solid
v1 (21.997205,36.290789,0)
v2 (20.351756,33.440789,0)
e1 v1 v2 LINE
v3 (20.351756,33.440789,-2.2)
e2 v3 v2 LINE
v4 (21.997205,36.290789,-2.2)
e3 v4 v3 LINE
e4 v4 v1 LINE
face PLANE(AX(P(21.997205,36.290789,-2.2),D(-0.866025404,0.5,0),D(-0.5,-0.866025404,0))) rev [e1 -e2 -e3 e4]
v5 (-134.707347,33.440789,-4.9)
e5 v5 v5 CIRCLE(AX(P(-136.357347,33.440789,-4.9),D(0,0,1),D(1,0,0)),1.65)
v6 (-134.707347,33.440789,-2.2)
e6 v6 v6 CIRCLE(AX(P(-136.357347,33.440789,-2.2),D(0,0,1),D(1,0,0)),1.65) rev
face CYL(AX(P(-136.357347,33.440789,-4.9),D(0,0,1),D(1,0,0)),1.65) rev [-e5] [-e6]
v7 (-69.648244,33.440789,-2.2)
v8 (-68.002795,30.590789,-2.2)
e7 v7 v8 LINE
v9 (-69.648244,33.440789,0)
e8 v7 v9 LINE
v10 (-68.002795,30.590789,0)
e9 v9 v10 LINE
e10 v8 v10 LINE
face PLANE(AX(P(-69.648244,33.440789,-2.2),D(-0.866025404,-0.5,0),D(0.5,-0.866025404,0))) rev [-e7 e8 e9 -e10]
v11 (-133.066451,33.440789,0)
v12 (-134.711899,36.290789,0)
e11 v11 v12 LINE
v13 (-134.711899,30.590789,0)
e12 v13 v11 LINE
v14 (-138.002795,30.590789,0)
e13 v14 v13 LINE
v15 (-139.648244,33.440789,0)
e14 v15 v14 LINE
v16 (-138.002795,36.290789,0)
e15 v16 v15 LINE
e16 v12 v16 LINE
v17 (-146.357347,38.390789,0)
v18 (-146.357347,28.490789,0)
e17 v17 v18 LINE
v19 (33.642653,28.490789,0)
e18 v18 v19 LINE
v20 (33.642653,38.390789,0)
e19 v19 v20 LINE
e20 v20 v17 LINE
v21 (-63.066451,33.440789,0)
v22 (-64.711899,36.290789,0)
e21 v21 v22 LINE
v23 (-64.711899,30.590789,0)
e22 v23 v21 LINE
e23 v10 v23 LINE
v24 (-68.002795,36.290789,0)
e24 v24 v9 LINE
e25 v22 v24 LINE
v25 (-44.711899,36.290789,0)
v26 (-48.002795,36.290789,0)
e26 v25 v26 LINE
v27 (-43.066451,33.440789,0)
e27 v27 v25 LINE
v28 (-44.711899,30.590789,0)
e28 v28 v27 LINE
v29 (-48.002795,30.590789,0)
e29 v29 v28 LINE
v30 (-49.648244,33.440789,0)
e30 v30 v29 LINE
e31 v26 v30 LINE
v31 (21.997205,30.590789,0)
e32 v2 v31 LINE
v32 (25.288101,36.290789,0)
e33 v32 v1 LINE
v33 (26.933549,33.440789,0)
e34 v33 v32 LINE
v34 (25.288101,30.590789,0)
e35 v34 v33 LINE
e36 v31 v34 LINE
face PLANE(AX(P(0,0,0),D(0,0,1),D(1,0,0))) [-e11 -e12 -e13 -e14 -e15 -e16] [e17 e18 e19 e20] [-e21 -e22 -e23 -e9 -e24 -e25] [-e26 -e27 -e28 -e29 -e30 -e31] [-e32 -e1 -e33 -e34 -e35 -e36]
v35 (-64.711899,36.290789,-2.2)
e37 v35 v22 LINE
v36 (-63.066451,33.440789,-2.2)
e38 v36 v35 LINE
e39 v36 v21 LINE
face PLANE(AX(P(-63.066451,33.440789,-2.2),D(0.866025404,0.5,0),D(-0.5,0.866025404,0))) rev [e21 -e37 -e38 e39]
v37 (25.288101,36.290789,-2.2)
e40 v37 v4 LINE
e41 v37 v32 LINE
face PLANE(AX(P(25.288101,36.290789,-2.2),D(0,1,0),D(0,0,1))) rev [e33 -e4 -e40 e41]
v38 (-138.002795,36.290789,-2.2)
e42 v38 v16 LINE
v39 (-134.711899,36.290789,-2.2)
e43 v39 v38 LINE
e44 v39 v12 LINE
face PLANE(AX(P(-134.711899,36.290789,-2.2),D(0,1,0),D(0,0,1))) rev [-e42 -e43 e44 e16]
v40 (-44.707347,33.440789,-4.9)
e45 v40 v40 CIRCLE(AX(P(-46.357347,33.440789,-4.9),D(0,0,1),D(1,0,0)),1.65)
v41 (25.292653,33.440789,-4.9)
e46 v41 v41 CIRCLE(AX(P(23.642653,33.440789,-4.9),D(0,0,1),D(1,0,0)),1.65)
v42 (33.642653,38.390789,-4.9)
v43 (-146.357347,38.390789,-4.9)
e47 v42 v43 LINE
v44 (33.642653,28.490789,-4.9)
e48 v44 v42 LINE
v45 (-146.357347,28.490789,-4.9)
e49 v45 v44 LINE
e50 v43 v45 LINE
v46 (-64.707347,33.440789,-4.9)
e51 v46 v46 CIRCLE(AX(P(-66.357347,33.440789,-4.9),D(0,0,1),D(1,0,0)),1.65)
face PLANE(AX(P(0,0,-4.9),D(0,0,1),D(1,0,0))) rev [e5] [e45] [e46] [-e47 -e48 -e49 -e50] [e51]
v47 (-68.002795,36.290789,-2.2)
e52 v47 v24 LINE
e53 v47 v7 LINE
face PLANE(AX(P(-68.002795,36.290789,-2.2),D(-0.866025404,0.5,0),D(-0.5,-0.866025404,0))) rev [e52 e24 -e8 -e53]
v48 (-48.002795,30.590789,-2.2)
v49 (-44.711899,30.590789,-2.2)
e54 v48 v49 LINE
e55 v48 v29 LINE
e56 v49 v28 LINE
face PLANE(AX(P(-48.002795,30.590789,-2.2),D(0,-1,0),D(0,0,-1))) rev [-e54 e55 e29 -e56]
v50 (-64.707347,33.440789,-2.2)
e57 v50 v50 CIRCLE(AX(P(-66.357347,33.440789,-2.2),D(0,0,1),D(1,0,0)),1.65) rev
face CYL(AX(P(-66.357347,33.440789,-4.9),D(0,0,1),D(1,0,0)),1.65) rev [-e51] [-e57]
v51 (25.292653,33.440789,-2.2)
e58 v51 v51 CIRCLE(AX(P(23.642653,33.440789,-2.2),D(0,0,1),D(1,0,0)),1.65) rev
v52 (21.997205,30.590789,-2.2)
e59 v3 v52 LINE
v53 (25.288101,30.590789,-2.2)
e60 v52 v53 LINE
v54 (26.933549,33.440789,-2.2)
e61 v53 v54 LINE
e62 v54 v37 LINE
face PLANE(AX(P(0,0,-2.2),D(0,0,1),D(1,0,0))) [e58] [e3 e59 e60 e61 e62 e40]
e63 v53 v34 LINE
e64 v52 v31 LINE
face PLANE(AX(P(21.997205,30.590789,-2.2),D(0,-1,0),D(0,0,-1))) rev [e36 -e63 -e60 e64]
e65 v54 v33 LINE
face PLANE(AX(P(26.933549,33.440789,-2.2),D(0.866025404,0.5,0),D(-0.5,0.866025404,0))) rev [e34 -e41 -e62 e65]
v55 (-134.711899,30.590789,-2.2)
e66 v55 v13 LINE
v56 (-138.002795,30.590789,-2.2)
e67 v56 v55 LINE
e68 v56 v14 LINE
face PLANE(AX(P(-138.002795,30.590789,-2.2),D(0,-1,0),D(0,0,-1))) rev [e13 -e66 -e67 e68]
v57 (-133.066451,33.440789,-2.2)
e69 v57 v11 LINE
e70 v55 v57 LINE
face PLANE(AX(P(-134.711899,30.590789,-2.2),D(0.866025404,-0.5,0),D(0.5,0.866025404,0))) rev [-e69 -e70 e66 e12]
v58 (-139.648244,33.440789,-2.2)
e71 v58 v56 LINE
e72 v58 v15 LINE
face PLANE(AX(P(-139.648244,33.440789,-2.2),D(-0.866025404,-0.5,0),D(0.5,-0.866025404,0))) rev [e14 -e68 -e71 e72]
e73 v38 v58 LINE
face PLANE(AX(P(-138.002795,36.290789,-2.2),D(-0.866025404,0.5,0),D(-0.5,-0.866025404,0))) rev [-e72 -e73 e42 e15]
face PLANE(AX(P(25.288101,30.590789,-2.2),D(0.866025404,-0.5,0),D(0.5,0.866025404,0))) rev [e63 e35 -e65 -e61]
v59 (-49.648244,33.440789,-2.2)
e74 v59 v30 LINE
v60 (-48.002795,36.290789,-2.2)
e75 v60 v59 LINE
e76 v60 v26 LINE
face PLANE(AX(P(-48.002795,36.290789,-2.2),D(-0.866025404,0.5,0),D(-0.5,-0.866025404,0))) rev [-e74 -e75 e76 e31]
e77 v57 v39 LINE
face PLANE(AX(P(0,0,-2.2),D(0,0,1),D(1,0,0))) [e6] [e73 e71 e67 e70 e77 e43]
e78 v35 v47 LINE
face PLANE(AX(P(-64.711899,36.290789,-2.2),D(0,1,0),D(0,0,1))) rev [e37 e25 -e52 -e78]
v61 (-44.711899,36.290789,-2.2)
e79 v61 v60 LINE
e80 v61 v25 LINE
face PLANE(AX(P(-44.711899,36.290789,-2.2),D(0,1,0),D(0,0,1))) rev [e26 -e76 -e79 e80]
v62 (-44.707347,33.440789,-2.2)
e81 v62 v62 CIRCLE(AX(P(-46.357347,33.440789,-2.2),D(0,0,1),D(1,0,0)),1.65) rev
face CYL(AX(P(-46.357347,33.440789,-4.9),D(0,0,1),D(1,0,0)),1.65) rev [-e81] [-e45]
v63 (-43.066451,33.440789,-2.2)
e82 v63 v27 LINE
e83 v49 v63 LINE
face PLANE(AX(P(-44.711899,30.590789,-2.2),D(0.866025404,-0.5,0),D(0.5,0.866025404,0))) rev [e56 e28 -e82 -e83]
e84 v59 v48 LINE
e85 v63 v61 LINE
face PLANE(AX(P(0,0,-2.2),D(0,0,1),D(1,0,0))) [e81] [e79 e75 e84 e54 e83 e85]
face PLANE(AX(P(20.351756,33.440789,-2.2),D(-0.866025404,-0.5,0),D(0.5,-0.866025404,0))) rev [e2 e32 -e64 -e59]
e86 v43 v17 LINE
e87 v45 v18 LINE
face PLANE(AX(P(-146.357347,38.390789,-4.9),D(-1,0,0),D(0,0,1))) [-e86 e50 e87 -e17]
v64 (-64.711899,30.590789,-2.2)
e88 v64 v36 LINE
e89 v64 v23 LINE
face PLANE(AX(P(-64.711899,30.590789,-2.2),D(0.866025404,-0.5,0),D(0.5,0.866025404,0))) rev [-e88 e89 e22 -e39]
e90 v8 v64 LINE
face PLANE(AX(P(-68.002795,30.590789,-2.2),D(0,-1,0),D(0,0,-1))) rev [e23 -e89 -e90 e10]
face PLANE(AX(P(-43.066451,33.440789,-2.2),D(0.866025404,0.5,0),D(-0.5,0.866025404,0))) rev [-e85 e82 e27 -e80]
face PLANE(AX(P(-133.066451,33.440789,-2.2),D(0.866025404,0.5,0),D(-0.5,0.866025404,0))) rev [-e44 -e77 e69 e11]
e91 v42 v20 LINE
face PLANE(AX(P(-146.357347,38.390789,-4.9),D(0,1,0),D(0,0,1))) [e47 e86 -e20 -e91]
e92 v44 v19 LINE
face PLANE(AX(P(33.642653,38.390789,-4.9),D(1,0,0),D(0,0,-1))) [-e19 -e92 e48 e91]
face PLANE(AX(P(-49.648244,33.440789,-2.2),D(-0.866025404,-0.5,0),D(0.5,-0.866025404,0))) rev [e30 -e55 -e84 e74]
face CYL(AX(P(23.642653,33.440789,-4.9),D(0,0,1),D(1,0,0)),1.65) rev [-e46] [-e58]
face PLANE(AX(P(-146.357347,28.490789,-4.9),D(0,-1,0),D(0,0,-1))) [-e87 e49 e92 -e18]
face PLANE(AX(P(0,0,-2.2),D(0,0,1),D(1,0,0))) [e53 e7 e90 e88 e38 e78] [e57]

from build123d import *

# Parameters (mm, degrees)
SKETCH1_W           = 180
SKETCH1_H           = 9.9
BOSS_EXTRUDE1_DEPTH = 4.9
SKETCH2_R           = 1.65
CUT_EXTRUDE1_DEPTH  = 5.9
CUT_EXTRUDE2_DEPTH  = 2.2


with BuildPart() as part:
    # Sketch1 → Boss-Extrude1 (new body)
    with BuildSketch(Plane.XY):
        with Locations((-56.357347179, 33.440788785)):
            Rectangle(SKETCH1_W, SKETCH1_H)
    extrude(amount=-BOSS_EXTRUDE1_DEPTH)

    # Sketch2 → Cut-Extrude1 (cut, through all)
    with BuildSketch(Plane.XY):
        with Locations((-136.357347179, 33.440788785)):
            Circle(SKETCH2_R)
        with Locations((-66.357347179, 33.440788785)):
            Circle(SKETCH2_R)
        with Locations((-46.357347179, 33.440788785)):
            Circle(SKETCH2_R)
        with Locations((23.642652821, 33.440788785)):
            Circle(SKETCH2_R)
    extrude(amount=-CUT_EXTRUDE1_DEPTH, mode=Mode.SUBTRACT)

    # Sketch3 → Cut-Extrude2 (cut)
    with BuildSketch(Plane.XY):
        Polygon((-134.711898912, 30.590788785), (-133.066450645, 33.440788785), (-134.711898912, 36.290788785), (-138.002795446, 36.290788785), (-139.648243713, 33.440788785), (-138.002795446, 30.590788785), align=None)
        Polygon((-64.711898912, 30.590788785), (-63.066450645, 33.440788785), (-64.711898912, 36.290788785), (-68.002795446, 36.290788785), (-69.648243713, 33.440788785), (-68.002795446, 30.590788785), align=None)
        Polygon((-44.711898912, 30.590788785), (-43.066450645, 33.440788785), (-44.711898912, 36.290788785), (-48.002795446, 36.290788785), (-49.648243713, 33.440788785), (-48.002795446, 30.590788785), align=None)
        Polygon((25.288101088, 30.590788785), (26.933549355, 33.440788785), (25.288101088, 36.290788785), (21.997204554, 36.290788785), (20.351756287, 33.440788785), (21.997204554, 30.590788785), align=None)
    extrude(amount=-CUT_EXTRUDE2_DEPTH, mode=Mode.SUBTRACT)


solid = part.part
